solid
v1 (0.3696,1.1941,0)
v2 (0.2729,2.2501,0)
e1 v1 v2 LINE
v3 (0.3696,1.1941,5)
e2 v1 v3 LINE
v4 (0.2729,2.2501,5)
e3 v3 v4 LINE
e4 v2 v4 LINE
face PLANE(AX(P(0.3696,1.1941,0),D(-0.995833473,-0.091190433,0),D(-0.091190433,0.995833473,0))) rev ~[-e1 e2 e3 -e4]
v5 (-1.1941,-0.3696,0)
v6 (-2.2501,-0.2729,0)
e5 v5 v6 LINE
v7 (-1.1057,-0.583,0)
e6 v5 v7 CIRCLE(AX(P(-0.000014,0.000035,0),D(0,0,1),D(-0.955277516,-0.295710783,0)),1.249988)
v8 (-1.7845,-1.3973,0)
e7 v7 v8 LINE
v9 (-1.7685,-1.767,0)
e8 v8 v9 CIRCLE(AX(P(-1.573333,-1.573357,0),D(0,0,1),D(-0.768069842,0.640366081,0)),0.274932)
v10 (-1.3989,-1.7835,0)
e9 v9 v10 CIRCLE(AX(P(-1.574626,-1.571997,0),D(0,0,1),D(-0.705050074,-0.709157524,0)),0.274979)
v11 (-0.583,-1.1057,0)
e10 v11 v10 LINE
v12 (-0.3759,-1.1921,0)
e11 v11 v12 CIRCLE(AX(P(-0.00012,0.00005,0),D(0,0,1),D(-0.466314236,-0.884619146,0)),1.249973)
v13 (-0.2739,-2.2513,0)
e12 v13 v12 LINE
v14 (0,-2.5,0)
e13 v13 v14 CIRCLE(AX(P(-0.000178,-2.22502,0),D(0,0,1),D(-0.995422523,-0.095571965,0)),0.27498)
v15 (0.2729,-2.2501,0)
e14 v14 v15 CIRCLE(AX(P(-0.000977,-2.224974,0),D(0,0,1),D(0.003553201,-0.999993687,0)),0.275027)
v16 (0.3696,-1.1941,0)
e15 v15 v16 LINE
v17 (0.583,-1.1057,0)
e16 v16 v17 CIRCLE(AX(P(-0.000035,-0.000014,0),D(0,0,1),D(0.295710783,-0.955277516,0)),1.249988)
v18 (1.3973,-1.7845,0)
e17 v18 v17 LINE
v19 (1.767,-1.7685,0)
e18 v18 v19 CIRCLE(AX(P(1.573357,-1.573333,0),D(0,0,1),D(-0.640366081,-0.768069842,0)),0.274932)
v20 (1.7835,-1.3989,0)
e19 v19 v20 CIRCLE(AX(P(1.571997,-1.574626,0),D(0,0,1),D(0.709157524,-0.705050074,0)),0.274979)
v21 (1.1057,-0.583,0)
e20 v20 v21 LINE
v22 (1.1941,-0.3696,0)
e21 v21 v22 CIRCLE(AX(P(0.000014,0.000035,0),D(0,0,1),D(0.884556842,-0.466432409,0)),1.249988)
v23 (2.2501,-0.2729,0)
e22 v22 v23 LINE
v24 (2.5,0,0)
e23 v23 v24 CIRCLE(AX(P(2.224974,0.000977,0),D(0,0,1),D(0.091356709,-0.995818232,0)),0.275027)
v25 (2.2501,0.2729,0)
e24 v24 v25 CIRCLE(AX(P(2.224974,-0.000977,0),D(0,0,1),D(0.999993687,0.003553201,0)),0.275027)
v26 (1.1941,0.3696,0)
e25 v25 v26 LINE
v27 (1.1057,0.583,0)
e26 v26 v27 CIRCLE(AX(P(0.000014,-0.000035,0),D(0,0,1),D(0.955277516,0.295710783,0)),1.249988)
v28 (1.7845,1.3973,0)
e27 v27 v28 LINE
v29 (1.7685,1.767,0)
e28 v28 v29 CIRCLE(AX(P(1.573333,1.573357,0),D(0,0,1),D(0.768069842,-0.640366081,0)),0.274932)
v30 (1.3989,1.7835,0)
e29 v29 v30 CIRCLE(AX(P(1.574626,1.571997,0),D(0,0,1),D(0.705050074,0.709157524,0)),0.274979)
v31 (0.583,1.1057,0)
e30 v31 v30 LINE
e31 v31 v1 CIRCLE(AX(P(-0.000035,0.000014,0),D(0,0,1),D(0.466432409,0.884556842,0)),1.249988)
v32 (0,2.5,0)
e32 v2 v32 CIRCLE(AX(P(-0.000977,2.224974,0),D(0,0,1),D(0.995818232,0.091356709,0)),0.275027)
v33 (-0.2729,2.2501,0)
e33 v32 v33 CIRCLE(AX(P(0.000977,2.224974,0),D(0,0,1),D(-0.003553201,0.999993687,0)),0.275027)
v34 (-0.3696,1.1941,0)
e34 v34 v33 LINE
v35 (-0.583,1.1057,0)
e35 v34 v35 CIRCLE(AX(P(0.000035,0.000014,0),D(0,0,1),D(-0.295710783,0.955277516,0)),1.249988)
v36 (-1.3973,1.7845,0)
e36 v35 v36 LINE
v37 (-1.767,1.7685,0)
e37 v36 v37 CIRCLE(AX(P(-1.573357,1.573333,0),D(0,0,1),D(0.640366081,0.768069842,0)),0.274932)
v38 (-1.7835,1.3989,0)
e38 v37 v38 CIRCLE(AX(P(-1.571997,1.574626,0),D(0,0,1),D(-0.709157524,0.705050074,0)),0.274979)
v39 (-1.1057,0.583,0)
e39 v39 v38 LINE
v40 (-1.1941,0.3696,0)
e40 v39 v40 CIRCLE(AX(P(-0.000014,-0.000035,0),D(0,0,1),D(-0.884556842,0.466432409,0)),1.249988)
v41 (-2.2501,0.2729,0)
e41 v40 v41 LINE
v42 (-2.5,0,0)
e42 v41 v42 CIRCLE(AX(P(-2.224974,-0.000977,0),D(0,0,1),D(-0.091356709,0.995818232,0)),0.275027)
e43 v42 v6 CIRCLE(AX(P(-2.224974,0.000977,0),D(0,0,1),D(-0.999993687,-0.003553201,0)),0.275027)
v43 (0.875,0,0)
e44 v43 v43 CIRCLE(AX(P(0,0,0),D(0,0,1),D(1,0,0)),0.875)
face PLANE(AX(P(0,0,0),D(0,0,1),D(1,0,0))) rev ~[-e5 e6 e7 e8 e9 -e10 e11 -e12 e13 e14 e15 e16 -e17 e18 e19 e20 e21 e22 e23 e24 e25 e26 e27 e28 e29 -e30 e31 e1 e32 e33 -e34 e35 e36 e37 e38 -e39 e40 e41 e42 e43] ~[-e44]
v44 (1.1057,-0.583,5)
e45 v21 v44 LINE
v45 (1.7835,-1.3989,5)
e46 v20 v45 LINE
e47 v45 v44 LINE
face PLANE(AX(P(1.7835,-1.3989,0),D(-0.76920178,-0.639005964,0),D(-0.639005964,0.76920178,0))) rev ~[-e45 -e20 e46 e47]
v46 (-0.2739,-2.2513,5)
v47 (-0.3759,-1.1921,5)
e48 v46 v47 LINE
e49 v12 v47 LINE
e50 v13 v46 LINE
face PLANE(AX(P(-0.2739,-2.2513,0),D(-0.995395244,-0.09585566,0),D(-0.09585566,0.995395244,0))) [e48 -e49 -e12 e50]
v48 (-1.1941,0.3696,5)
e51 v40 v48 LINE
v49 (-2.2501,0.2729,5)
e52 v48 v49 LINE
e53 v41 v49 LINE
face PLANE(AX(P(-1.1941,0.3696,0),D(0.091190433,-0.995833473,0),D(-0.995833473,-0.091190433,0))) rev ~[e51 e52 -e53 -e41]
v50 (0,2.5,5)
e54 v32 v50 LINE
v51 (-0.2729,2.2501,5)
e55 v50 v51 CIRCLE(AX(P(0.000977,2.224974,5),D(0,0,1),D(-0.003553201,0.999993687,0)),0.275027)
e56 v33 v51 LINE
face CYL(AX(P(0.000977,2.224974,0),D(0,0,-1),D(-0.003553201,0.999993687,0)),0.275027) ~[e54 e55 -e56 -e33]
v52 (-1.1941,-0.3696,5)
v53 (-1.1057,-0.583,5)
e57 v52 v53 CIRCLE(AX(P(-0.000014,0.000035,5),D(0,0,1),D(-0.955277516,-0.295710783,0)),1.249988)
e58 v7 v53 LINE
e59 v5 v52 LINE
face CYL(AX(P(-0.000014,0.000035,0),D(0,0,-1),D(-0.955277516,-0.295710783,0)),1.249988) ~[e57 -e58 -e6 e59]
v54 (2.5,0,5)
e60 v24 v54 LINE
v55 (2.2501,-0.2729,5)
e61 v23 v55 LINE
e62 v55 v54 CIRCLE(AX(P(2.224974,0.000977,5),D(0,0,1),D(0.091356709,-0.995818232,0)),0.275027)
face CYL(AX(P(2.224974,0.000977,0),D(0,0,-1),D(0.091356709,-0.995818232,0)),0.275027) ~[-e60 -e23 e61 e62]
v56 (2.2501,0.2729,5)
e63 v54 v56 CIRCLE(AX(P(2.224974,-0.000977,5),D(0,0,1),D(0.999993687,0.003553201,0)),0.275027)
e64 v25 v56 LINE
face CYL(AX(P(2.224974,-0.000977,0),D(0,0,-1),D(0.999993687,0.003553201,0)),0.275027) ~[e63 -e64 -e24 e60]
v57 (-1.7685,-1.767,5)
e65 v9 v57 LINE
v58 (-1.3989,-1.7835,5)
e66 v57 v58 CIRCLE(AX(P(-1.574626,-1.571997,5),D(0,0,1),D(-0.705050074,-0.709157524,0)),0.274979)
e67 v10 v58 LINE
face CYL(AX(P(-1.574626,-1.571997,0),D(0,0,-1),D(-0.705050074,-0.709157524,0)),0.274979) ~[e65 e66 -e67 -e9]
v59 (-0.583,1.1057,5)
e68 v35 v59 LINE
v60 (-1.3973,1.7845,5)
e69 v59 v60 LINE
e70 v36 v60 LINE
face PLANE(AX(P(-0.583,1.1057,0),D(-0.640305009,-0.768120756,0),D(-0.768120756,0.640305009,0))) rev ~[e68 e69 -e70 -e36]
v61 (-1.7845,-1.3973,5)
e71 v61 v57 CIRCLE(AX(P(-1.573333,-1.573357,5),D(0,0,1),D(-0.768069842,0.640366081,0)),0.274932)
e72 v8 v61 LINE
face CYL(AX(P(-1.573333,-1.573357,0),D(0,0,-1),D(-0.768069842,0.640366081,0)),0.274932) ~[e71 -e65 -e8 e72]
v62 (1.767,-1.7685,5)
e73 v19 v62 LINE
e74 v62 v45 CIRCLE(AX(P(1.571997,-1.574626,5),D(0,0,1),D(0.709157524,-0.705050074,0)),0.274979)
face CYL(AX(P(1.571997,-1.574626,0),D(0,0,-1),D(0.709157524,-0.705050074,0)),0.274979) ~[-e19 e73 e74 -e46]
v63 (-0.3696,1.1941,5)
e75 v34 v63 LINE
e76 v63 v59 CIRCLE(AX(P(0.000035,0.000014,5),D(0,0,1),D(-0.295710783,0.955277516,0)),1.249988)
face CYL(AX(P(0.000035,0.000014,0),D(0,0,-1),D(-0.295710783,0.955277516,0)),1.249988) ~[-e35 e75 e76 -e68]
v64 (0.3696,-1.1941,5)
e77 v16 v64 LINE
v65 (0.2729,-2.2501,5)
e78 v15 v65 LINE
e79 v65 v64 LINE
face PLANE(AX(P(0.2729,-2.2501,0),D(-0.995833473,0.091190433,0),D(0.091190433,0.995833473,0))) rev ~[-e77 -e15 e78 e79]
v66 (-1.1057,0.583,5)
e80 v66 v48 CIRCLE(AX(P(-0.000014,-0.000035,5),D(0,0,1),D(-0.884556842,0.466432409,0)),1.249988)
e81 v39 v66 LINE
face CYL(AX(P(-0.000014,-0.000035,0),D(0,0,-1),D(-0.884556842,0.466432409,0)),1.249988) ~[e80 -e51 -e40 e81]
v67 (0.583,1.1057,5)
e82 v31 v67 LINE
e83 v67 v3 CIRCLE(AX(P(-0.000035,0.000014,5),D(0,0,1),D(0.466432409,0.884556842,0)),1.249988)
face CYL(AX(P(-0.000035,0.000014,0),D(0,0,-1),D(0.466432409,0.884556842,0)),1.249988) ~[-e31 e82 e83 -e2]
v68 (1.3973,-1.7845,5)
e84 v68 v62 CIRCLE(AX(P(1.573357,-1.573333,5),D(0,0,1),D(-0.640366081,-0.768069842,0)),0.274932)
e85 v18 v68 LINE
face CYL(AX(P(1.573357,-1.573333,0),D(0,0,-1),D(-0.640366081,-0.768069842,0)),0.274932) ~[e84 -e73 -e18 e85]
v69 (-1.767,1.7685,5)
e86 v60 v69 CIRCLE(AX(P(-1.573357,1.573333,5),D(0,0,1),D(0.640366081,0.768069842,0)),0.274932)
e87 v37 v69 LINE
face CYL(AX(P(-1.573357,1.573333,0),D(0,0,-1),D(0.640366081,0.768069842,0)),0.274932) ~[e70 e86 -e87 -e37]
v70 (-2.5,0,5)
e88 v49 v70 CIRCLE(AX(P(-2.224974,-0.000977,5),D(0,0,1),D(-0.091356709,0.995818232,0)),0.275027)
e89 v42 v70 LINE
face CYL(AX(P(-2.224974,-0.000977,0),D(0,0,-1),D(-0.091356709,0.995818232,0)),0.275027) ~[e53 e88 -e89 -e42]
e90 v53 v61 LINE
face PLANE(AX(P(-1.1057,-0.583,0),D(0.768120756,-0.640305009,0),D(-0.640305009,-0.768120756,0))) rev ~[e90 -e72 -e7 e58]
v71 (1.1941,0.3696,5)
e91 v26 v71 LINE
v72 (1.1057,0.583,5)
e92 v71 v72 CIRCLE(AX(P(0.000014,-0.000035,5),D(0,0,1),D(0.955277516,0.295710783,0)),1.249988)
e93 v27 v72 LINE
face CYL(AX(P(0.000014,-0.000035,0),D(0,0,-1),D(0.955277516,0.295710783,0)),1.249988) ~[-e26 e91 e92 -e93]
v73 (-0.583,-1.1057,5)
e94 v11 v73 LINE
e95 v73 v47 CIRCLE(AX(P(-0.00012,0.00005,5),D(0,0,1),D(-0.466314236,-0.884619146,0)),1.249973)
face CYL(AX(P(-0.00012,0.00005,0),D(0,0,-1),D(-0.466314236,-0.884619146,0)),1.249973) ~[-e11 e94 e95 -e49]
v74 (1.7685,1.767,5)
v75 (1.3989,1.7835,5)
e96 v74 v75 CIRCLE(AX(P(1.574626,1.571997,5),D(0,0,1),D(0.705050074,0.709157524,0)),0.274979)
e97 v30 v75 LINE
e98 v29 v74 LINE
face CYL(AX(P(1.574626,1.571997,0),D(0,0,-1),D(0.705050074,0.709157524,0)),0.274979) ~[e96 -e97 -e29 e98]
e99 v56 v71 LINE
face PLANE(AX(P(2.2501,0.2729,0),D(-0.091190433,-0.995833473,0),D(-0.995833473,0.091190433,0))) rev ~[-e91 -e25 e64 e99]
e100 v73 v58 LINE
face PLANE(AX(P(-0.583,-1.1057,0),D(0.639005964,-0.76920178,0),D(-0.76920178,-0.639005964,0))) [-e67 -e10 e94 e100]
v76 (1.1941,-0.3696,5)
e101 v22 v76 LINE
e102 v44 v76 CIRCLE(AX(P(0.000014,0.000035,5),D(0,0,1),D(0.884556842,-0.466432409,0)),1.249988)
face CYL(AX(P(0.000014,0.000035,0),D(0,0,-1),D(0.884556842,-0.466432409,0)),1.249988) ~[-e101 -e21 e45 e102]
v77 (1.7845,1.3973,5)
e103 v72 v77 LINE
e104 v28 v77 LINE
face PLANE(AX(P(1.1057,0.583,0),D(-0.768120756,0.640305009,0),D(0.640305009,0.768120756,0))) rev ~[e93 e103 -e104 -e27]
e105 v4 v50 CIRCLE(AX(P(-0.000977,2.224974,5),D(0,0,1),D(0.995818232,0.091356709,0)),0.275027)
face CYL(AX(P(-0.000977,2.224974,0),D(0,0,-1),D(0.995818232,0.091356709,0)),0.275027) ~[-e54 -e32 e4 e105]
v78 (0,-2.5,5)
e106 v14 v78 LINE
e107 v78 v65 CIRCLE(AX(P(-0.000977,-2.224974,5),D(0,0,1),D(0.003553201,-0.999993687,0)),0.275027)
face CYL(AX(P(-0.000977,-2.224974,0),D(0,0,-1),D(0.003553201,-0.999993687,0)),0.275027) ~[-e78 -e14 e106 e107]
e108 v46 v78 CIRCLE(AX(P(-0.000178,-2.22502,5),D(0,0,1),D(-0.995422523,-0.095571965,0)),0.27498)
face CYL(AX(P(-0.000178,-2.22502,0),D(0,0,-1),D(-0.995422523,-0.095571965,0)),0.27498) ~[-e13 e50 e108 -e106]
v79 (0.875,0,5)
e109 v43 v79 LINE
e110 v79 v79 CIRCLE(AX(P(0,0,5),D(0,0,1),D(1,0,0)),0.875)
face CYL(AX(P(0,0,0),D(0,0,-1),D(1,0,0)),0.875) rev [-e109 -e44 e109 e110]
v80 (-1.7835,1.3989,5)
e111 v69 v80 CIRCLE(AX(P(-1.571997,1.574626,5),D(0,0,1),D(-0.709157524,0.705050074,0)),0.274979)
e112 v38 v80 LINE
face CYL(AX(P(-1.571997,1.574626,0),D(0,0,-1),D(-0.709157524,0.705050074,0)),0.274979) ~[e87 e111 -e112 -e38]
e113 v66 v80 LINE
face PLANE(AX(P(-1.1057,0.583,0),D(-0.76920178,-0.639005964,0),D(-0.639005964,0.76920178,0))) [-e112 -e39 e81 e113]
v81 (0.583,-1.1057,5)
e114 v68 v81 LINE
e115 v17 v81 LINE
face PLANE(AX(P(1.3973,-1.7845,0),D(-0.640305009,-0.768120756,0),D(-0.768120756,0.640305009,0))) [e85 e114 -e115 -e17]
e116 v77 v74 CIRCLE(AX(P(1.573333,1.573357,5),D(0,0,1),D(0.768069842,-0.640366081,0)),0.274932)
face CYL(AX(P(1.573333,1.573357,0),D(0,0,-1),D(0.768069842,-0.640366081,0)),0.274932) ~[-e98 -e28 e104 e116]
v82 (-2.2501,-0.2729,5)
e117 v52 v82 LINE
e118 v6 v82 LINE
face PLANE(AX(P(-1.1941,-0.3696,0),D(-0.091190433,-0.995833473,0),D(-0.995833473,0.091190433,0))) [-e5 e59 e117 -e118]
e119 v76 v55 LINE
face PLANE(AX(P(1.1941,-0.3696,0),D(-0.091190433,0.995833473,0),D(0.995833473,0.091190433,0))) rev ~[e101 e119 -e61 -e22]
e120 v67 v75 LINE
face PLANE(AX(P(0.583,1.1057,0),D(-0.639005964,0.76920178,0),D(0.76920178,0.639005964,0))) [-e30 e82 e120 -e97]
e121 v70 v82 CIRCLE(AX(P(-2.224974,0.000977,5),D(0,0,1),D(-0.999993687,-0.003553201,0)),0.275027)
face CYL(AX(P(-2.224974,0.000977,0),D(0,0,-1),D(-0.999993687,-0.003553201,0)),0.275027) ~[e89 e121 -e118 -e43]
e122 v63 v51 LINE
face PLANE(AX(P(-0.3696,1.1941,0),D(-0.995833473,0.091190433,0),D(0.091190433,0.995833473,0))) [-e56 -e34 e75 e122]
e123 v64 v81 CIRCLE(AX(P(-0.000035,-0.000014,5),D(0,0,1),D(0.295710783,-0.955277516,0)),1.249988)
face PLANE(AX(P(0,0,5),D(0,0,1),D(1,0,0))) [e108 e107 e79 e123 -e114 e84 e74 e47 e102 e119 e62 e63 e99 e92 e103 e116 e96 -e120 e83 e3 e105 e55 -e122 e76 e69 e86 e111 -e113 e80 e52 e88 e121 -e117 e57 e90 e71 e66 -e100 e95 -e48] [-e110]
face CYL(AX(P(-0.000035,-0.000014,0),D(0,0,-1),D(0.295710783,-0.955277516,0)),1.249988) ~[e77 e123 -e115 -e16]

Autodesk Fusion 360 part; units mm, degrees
sketch "Small Body Gear" plane through (0, 0, 0) normal (0, 0, 1) x (1, 0, 0)
  circle A0 centre (0, 0) radius 0.875
  arc A1 (-0.583, -1.1057) -> (-0.3759, -1.1921) centre (0, 0) ccw
  arc A2 (-1.1941, -0.3696) -> (-1.1057, -0.583) centre (0, 0) ccw
  arc A3 (-1.1057, 0.583) -> (-1.1941, 0.3696) centre (0, 0) ccw
  arc A4 (-0.3696, 1.1941) -> (-0.583, 1.1057) centre (0, 0) ccw
  arc A5 (0.583, 1.1057) -> (0.3696, 1.1941) centre (0, 0) ccw
  arc A6 (1.1941, 0.3696) -> (1.1057, 0.583) centre (0, 0) ccw
  arc A7 (0.3696, -1.1941) -> (0.583, -1.1057) centre (0, 0) ccw
  arc A8 (1.1057, -0.583) -> (1.1941, -0.3696) centre (0, 0) ccw
  line L0 (1.767, -1.7685) -> (1.7678, -1.7678)
  line L1 (1.767, -1.7685) -> (1.7664, -1.7691)
  line L2 (2.5, 0) -> (2.5, 0.001)
  line L3 (2.5, 0) -> (2.5, -0.001)
  line L4 (1.7685, 1.767) -> (1.7678, 1.7678)
  line L5 (1.7685, 1.767) -> (1.7691, 1.7664)
  line L6 (0, 2.5) -> (-0.001, 2.5)
  line L7 (0, 2.5) -> (0.001, 2.5)
  line L8 (-1.767, 1.7685) -> (-1.7678, 1.7678)
  line L9 (-1.767, 1.7685) -> (-1.7664, 1.7691)
  line L10 (-2.5, 0) -> (-2.5, -0.001)
  line L11 (-2.5, 0) -> (-2.5, 0.001)
  line L12 (-1.7685, -1.767) -> (-1.7678, -1.7678)
  line L13 (-1.7685, -1.767) -> (-1.7691, -1.7664)
  line L14 (0, -2.5) -> (-0.001, -2.5)
  line L15 (0, -2.5) -> (-0.0002, -2.5)
  line L16 (-0.2739, -2.2513) -> (-0.3759, -1.1921)
  line L17 (0.2729, -2.2501) -> (0.3696, -1.1941)
  arc A9 (-0.2739, -2.2513) -> (-0.0002, -2.5) centre (-0.0002, -2.225) ccw
  arc A10 (-0.001, -2.5) -> (0.2729, -2.2501) centre (-0.001, -2.225) ccw
  line L18 (1.3973, -1.7845) -> (0.583, -1.1057)
  line L19 (1.7835, -1.3989) -> (1.1057, -0.583)
  arc A11 (1.3973, -1.7845) -> (1.7678, -1.7678) centre (1.5734, -1.5732) ccw
  arc A12 (1.7664, -1.7691) -> (1.7835, -1.3989) centre (1.572, -1.5746) ccw
  line L20 (1.1941, -0.3696) -> (2.2501, -0.2729)
  line L21 (2.2501, 0.2729) -> (1.1941, 0.3696)
  arc A13 (2.2501, -0.2729) -> (2.5, 0.001) centre (2.225, 0.001) ccw
  arc A14 (2.5, -0.001) -> (2.2501, 0.2729) centre (2.225, -0.001) ccw
  line L22 (1.1057, 0.583) -> (1.7845, 1.3973)
  line L23 (0.583, 1.1057) -> (1.3989, 1.7835)
  line L24 (0.3696, 1.1941) -> (0.2729, 2.2501)
  line L25 (-0.3696, 1.1941) -> (-0.2729, 2.2501)
  line L26 (-0.583, 1.1057) -> (-1.3973, 1.7845)
  line L27 (-1.1057, 0.583) -> (-1.7835, 1.3989)
  arc A15 (1.7845, 1.3973) -> (1.7678, 1.7678) centre (1.5732, 1.5734) ccw
  arc A16 (1.7691, 1.7664) -> (1.3989, 1.7835) centre (1.5746, 1.572) ccw
  arc A17 (0.2729, 2.2501) -> (-0.001, 2.5) centre (-0.001, 2.225) ccw
  arc A18 (0.001, 2.5) -> (-0.2729, 2.2501) centre (0.001, 2.225) ccw
  arc A19 (-1.3973, 1.7845) -> (-1.7678, 1.7678) centre (-1.5734, 1.5732) ccw
  arc A20 (-1.7664, 1.7691) -> (-1.7835, 1.3989) centre (-1.572, 1.5746) ccw
  line L28 (-1.1941, 0.3696) -> (-2.2501, 0.2729)
  line L29 (-1.1941, -0.3696) -> (-2.2501, -0.2729)
  line L30 (-1.1057, -0.583) -> (-1.7845, -1.3973)
  line L31 (-0.583, -1.1057) -> (-1.3989, -1.7835)
  arc A21 (-2.2501, 0.2729) -> (-2.5, -0.001) centre (-2.225, -0.001) ccw
  arc A22 (-2.5, 0.001) -> (-2.2501, -0.2729) centre (-2.225, 0.001) ccw
  arc A23 (-1.7691, -1.7664) -> (-1.3989, -1.7835) centre (-1.5746, -1.572) ccw
  arc A24 (-1.7845, -1.3973) -> (-1.7678, -1.7678) centre (-1.5732, -1.5734) ccw
extrude "Extrude1" add sketch "Small Body Gear" along normal blind 5
